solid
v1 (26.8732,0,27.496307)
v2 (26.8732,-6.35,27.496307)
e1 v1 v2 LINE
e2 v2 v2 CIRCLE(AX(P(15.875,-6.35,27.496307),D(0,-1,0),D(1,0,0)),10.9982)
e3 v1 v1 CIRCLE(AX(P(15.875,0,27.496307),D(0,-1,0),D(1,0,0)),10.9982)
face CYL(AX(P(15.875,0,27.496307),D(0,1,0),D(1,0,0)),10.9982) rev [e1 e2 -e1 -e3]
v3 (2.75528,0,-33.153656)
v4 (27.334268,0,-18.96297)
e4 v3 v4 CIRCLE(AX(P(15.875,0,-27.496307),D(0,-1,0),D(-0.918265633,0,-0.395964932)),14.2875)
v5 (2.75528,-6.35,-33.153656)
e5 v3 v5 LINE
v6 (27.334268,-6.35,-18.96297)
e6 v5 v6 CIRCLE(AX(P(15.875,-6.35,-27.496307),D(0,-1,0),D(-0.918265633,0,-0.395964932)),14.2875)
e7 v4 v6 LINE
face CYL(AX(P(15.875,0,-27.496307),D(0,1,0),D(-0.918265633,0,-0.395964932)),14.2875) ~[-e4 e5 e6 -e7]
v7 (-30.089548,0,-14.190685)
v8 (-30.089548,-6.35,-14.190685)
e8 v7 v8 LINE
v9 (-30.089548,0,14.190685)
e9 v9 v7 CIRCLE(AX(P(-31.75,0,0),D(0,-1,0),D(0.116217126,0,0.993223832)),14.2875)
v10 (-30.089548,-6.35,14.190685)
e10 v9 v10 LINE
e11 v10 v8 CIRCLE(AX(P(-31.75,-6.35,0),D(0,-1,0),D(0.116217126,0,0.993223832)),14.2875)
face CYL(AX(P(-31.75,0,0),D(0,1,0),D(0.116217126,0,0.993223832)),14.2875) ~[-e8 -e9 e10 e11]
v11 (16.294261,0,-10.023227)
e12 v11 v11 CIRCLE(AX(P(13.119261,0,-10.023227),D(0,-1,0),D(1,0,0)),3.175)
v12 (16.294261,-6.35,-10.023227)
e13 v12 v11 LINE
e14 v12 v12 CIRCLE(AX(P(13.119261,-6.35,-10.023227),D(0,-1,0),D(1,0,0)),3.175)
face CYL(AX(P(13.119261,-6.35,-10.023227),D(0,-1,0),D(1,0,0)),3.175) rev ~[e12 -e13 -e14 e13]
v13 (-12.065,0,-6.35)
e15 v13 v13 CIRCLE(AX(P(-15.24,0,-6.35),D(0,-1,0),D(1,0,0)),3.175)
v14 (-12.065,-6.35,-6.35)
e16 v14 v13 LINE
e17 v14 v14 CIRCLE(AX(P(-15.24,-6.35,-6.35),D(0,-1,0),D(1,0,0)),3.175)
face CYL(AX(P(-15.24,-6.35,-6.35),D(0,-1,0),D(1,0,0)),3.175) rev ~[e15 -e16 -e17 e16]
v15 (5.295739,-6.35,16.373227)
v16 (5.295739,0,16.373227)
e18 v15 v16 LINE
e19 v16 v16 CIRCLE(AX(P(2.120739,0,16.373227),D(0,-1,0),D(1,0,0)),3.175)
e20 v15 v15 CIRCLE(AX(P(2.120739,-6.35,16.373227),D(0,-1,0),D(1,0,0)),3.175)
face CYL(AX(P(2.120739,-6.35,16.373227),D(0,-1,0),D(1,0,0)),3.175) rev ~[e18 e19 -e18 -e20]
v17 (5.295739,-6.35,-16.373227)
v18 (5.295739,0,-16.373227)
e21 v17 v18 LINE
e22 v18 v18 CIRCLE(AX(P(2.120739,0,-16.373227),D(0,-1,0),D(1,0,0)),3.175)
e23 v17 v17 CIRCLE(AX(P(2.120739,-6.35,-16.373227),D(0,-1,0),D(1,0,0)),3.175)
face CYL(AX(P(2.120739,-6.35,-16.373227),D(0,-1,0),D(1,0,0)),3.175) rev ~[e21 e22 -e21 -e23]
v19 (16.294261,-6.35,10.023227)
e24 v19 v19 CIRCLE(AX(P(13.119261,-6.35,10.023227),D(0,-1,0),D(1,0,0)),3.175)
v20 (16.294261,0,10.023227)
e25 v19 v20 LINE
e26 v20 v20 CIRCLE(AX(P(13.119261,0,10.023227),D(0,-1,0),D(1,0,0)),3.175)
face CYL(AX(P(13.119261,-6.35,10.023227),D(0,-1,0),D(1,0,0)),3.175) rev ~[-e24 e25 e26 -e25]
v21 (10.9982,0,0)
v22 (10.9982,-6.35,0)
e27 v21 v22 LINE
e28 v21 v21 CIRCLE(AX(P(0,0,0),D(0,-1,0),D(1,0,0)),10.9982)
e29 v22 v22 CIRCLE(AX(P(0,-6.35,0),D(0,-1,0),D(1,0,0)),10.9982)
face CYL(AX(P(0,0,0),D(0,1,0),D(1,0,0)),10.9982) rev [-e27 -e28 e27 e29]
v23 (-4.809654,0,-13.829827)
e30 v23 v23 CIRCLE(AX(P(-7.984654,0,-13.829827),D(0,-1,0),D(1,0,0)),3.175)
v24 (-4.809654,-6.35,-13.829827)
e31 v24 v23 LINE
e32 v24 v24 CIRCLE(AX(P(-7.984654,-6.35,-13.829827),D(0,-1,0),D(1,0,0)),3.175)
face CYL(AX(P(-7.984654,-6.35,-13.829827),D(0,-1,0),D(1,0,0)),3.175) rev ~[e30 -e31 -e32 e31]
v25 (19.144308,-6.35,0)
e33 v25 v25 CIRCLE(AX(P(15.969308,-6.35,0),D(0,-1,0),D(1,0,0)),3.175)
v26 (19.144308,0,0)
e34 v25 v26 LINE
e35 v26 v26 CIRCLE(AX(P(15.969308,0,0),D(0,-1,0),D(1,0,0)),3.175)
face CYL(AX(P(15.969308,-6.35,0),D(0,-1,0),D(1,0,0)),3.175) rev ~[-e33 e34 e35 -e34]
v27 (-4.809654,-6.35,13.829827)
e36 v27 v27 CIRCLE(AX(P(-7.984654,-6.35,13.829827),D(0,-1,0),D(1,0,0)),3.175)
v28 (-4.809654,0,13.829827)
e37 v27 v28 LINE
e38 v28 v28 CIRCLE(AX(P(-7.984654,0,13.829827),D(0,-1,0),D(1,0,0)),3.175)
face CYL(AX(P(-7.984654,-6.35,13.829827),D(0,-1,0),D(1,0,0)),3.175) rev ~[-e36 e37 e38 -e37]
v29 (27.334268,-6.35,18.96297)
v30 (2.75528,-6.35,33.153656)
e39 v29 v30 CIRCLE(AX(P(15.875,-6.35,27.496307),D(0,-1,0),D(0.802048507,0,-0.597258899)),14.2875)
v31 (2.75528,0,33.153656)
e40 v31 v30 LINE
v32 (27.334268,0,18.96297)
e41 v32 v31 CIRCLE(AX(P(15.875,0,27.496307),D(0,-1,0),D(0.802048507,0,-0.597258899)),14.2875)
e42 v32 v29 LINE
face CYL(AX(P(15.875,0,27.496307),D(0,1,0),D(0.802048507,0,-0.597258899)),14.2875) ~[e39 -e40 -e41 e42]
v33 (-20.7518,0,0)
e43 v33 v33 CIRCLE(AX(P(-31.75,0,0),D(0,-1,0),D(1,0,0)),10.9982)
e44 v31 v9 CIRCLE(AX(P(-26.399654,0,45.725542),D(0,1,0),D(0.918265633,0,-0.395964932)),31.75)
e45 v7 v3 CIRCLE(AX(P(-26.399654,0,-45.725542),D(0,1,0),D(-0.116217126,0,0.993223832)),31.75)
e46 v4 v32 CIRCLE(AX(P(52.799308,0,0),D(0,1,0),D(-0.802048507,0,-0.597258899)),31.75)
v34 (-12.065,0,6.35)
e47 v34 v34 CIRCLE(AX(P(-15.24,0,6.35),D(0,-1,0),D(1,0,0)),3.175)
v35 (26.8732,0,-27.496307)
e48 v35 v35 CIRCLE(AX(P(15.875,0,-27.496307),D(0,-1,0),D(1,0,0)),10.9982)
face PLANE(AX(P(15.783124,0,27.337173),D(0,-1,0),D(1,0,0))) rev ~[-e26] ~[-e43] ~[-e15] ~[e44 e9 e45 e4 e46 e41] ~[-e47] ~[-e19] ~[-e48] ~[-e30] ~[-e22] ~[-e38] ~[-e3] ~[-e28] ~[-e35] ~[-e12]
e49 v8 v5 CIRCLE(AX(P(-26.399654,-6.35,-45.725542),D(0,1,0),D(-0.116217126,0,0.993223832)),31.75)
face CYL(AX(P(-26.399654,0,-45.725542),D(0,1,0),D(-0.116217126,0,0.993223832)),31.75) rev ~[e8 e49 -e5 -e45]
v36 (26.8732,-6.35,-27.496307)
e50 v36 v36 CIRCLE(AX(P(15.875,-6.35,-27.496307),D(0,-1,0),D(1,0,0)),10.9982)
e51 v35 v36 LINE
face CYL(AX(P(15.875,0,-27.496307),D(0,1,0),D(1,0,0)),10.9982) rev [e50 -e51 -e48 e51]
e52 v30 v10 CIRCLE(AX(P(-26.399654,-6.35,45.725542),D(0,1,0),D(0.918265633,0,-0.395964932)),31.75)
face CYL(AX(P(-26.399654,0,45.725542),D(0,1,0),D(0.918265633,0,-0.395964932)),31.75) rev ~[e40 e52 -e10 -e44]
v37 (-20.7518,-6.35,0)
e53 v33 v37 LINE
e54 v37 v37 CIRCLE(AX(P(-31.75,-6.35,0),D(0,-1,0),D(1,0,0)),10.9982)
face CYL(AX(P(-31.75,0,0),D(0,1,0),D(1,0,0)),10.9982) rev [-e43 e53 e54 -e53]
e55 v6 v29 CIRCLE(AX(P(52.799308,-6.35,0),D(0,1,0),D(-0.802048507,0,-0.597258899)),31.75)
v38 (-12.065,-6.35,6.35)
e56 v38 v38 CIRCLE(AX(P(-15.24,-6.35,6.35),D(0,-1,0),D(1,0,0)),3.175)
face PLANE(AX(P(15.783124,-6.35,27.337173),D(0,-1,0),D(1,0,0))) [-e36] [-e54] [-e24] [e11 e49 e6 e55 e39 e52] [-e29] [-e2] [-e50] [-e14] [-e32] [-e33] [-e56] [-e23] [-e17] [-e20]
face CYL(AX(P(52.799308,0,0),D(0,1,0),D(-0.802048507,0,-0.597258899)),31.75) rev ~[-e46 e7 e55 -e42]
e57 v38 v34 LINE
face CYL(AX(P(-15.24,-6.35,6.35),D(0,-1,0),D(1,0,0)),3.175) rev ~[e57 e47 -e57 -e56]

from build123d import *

# Parameters (mm, degrees)
F2_R     = 10.9982
F2_R_2   = 14.2875
F3_DEPTH = 6.35
F4_R     = 3.175
F5_R     = 3.175
F6_DEPTH = 6.351


with BuildPart() as f3:
    # F2 (on Front) → F3 (new body)
    with BuildSketch(Plane.XZ):
        with BuildLine():
            ThreePointArc((30.1625, 27.4963065702), (18.7633086309, 41.4888163344), (2.7552797722, 33.1536555423))
            ThreePointArc((2.7552797722, 33.1536555423), (8.73125, 15.1229686136), (27.3342680419, 18.9629700484))
            ThreePointArc((27.3342680419, 18.9629700484), (29.437023234, 23.0014003364), (30.1625, 27.4963065702))
        make_face()
        with Locations((15.875, 27.4963065702)):
            Circle(F2_R, mode=Mode.SUBTRACT)
        with BuildLine():
            ThreePointArc((-30.0895478141, 14.1906854939), (-21.0762853969, 9.4976035305), (-17.4625, 0))
            ThreePointArc((-17.4625, 0), (-21.0762853969, -9.4976035305), (-30.0895478141, -14.1906854939))
            ThreePointArc((-30.0895478141, -14.1906854939), (-10.5246540675, -18.229235577), (2.7552797722, -33.1536555423))
            ThreePointArc((2.7552797722, -33.1536555423), (8.73125, -15.1229686136), (27.3342680419, -18.9629700484))
            ThreePointArc((27.3342680419, -18.9629700484), (21.049308135, 0), (27.3342680419, 18.9629700484))
            ThreePointArc((27.3342680419, 18.9629700484), (8.73125, 15.1229686136), (2.7552797722, 33.1536555423))
            ThreePointArc((2.7552797722, 33.1536555423), (-10.5246540675, 18.229235577), (-30.0895478141, 14.1906854939))
        make_face()
        Circle(F2_R_2, mode=Mode.SUBTRACT)
        Circle(F2_R_2)
        Circle(F2_R, mode=Mode.SUBTRACT)
        with BuildLine():
            ThreePointArc((-30.0895478141, -14.1906854939), (-21.0762853969, -9.4976035305), (-17.4625, 0))
            ThreePointArc((-17.4625, 0), (-21.0762853969, 9.4976035305), (-30.0895478141, 14.1906854939))
            ThreePointArc((-30.0895478141, 14.1906854939), (-46.0375, 0), (-30.0895478141, -14.1906854939))
        make_face()
        with Locations((-31.75, 0)):
            Circle(F2_R, mode=Mode.SUBTRACT)
        with BuildLine():
            ThreePointArc((27.3342680419, -18.9629700484), (8.73125, -15.1229686136), (2.7552797722, -33.1536555423))
            ThreePointArc((2.7552797722, -33.1536555423), (18.7633086309, -41.4888163344), (30.1625, -27.4963065702))
            ThreePointArc((30.1625, -27.4963065702), (29.437023234, -23.0014003364), (27.3342680419, -18.9629700484))
        make_face()
        with Locations((15.875, -27.4963065702)):
            Circle(F2_R, mode=Mode.SUBTRACT)
    extrude(amount=F3_DEPTH)

    # F4 (on face) + F5 (on face) → F6 (cut, through all)
    with BuildSketch(Plane.XZ.offset(6.35)):
        with Locations((-15.24, 6.35)):
            Circle(F4_R)
        with Locations((2.120738686, 16.3732271537)):
            Circle(F4_R)
        with Locations((13.119261314, 10.0232271537)):
            Circle(F4_R)
        with Locations((13.119261314, -10.0232271537)):
            Circle(F4_R)
        with Locations((2.120738686, -16.3732271537)):
            Circle(F4_R)
        with Locations((-15.24, -6.35)):
            Circle(F4_R)
    with BuildSketch(Plane.XZ.offset(6.35)):
        with Locations((-7.9846540675, 13.8298265258)):
            Circle(F5_R)
        with Locations((15.969308135, 0)):
            Circle(F5_R)
        with Locations((-7.9846540675, -13.8298265258)):
            Circle(F5_R)
    extrude(amount=-F6_DEPTH, mode=Mode.SUBTRACT)


solid = f3.part
